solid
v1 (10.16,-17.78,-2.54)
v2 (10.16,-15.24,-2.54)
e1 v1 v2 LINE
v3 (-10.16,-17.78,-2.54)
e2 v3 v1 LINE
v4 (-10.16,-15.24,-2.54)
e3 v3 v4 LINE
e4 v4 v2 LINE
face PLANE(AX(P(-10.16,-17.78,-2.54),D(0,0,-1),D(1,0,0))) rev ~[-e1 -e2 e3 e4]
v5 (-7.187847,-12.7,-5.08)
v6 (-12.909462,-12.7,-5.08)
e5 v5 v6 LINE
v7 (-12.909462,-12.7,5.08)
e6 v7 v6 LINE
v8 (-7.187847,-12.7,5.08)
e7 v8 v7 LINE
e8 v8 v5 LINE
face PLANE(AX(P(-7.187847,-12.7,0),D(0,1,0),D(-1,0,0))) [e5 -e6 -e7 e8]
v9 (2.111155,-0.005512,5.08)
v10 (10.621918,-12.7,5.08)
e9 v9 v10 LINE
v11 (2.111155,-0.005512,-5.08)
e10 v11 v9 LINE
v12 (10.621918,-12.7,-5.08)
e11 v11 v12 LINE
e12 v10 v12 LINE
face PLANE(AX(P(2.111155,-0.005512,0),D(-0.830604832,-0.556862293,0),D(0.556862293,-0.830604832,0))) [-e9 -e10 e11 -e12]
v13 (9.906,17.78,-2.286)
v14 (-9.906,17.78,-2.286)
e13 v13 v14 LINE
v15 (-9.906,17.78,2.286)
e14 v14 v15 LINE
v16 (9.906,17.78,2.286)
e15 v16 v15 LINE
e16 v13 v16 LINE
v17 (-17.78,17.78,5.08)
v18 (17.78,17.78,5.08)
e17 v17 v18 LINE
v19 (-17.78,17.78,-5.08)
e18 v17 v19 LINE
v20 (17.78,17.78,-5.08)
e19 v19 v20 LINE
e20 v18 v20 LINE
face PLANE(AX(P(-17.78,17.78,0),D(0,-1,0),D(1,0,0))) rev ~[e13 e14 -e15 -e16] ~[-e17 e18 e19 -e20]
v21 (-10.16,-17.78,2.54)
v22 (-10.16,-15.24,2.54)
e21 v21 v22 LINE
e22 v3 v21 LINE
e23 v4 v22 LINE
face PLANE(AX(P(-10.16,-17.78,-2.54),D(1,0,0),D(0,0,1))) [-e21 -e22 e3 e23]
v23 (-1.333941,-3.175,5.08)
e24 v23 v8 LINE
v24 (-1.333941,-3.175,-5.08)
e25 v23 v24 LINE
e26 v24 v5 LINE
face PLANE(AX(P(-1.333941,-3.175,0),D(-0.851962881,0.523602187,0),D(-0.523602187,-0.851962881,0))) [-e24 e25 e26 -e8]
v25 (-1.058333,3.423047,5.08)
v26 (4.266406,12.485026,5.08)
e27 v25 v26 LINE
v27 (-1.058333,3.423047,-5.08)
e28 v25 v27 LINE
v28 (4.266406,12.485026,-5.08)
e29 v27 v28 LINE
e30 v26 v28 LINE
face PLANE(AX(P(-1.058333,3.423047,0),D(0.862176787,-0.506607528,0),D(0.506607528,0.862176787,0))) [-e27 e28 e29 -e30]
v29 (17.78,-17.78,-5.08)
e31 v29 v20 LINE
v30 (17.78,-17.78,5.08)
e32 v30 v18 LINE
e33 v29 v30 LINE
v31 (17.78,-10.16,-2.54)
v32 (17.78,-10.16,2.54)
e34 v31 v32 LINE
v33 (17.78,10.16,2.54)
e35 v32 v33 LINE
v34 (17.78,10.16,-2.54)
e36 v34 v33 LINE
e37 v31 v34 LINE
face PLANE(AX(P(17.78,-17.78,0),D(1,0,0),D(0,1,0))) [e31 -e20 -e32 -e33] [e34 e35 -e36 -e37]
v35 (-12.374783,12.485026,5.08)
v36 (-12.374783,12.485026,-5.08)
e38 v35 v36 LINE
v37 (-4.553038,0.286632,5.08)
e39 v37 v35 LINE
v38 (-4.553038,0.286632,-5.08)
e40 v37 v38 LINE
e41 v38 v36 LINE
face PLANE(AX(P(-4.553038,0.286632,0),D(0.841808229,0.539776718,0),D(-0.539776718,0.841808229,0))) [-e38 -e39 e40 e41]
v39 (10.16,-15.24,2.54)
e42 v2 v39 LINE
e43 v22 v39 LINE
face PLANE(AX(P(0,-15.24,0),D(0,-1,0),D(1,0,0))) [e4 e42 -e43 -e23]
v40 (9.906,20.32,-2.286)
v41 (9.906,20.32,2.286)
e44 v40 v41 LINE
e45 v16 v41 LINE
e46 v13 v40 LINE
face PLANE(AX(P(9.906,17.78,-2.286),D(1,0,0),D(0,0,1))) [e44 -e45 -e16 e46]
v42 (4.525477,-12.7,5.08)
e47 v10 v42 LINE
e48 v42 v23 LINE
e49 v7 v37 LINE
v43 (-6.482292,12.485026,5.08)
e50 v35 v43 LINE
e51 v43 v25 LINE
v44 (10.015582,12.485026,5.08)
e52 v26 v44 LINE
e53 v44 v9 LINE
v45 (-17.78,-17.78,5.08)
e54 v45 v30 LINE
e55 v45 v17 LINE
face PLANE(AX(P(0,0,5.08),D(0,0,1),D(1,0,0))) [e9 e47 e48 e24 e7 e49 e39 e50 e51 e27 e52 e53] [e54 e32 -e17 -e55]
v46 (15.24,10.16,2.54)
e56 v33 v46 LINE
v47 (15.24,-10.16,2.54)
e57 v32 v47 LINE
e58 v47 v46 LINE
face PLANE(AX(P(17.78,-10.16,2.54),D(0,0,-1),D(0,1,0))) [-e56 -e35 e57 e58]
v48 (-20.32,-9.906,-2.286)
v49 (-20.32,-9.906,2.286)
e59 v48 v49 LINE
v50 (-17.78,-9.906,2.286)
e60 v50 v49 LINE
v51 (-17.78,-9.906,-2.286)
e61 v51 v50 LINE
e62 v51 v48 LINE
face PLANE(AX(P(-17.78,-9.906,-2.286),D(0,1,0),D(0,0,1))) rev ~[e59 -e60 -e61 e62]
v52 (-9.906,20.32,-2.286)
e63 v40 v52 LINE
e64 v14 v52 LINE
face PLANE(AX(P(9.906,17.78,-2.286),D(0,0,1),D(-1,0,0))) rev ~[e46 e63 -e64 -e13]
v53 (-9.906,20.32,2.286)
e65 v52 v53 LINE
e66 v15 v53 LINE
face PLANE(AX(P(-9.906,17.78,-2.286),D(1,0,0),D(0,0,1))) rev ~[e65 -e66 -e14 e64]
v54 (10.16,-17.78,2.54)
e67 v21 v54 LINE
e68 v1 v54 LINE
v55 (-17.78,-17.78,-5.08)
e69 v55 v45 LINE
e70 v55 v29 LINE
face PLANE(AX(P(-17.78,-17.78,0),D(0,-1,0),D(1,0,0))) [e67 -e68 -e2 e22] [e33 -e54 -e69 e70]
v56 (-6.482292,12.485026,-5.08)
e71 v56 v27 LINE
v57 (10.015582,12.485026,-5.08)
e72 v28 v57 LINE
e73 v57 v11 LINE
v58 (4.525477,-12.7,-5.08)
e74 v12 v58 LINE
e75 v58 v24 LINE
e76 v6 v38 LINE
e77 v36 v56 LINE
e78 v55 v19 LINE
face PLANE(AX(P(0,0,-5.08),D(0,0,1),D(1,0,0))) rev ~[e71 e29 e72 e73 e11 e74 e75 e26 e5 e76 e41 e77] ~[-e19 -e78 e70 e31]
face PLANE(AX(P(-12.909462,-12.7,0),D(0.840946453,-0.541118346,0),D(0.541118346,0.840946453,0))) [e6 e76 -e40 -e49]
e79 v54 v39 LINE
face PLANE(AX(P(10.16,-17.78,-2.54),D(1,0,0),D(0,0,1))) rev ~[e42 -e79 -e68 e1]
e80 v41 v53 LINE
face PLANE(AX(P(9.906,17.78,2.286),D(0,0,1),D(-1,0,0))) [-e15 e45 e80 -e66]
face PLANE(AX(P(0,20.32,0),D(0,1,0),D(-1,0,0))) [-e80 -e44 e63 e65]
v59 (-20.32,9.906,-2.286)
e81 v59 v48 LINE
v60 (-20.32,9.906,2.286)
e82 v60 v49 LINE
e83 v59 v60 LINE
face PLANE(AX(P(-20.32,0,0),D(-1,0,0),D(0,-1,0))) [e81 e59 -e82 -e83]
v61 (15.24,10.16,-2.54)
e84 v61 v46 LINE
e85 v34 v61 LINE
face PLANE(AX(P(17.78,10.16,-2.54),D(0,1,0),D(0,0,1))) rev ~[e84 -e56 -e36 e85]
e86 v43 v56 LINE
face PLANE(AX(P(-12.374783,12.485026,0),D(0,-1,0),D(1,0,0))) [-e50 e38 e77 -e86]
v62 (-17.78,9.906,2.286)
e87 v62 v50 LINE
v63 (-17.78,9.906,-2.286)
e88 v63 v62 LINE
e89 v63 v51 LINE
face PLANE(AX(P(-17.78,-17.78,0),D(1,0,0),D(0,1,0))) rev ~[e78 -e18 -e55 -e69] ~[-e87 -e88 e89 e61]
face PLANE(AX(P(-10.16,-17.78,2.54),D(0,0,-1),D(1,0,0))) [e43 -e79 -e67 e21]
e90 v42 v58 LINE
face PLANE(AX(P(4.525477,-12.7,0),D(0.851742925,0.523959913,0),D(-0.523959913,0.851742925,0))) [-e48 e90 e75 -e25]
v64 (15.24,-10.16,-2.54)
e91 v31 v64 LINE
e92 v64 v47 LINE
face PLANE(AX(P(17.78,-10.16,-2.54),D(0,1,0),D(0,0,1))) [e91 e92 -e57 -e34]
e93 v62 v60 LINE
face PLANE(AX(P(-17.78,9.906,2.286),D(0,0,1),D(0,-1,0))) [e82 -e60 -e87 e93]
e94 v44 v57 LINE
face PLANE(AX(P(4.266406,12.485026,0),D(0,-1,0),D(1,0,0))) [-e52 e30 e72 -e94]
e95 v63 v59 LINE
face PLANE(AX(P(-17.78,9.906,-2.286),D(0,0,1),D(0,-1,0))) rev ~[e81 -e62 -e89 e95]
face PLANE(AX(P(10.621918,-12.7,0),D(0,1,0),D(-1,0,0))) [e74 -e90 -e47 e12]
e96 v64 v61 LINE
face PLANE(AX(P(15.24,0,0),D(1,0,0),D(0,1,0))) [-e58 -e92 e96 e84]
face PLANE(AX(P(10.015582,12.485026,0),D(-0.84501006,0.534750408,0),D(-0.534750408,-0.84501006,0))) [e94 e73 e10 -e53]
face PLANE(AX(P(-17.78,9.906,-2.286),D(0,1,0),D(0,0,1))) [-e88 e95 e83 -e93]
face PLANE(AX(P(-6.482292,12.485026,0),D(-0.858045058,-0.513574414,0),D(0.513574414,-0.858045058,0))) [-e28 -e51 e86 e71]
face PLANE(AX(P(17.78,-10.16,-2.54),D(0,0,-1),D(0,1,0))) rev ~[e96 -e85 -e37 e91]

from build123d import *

# Parameters (mm, degrees)
F0_W     = 35.56
F0_H     = 35.56
F1_DEPTH = 5.08
F2_W     = 19.812
F2_H     = 4.572
F3_DEPTH = 2.54
F4_W     = 19.812
F4_H     = 4.572
F5_DEPTH = 2.54
F6_W     = 20.32
F6_H     = 5.08
F7_DEPTH = 2.54
F8_W     = 20.32
F8_H     = 5.08
F9_DEPTH = 2.54


with BuildPart() as f1:
    # F0 (on Top) → F1 (new body, symmetric)
    with BuildSketch(Plane.XY):
        Rectangle(F0_W, F0_H)
        Polygon((2.1111545139, -0.0055121528), (10.6219184028, -12.7), (4.5254774306, -12.7), (-1.3339409722, -3.175), (-7.1878472222, -12.7), (-12.9094618056, -12.7), (-4.5530381944, 0.2866319444), (-12.3747829861, 12.4850260417), (-6.4822916667, 12.4850260417), (-1.0583333333, 3.423046875), (4.26640625, 12.4850260417), (10.0155815972, 12.4850260417), align=None, mode=Mode.SUBTRACT)
    extrude(amount=F1_DEPTH, both=True)

    # F2 (on face) → F3 (join)
    with BuildSketch(Plane(origin=(0, 17.78, 0), x_dir=(-1, 0, 0), z_dir=(0, 1, 0))):
        Rectangle(F2_W, F2_H)
    extrude(amount=F3_DEPTH)

    # F4 (on face) → F5 (join)
    with BuildSketch(Plane(origin=(-17.78, 0, 0), x_dir=(0, -1, 0), z_dir=(-1, 0, 0))):
        Rectangle(F4_W, F4_H)
    extrude(amount=F5_DEPTH)

    # F6 (on face) → F7 (cut)
    with BuildSketch(Plane.XZ.offset(17.78)):
        Rectangle(F6_W, F6_H)
    extrude(amount=-F7_DEPTH, mode=Mode.SUBTRACT)

    # F8 (on face) → F9 (cut)
    with BuildSketch(Plane.YZ.offset(17.78)):
        Rectangle(F8_W, F8_H)
    extrude(amount=-F9_DEPTH, mode=Mode.SUBTRACT)


solid = f1.part
